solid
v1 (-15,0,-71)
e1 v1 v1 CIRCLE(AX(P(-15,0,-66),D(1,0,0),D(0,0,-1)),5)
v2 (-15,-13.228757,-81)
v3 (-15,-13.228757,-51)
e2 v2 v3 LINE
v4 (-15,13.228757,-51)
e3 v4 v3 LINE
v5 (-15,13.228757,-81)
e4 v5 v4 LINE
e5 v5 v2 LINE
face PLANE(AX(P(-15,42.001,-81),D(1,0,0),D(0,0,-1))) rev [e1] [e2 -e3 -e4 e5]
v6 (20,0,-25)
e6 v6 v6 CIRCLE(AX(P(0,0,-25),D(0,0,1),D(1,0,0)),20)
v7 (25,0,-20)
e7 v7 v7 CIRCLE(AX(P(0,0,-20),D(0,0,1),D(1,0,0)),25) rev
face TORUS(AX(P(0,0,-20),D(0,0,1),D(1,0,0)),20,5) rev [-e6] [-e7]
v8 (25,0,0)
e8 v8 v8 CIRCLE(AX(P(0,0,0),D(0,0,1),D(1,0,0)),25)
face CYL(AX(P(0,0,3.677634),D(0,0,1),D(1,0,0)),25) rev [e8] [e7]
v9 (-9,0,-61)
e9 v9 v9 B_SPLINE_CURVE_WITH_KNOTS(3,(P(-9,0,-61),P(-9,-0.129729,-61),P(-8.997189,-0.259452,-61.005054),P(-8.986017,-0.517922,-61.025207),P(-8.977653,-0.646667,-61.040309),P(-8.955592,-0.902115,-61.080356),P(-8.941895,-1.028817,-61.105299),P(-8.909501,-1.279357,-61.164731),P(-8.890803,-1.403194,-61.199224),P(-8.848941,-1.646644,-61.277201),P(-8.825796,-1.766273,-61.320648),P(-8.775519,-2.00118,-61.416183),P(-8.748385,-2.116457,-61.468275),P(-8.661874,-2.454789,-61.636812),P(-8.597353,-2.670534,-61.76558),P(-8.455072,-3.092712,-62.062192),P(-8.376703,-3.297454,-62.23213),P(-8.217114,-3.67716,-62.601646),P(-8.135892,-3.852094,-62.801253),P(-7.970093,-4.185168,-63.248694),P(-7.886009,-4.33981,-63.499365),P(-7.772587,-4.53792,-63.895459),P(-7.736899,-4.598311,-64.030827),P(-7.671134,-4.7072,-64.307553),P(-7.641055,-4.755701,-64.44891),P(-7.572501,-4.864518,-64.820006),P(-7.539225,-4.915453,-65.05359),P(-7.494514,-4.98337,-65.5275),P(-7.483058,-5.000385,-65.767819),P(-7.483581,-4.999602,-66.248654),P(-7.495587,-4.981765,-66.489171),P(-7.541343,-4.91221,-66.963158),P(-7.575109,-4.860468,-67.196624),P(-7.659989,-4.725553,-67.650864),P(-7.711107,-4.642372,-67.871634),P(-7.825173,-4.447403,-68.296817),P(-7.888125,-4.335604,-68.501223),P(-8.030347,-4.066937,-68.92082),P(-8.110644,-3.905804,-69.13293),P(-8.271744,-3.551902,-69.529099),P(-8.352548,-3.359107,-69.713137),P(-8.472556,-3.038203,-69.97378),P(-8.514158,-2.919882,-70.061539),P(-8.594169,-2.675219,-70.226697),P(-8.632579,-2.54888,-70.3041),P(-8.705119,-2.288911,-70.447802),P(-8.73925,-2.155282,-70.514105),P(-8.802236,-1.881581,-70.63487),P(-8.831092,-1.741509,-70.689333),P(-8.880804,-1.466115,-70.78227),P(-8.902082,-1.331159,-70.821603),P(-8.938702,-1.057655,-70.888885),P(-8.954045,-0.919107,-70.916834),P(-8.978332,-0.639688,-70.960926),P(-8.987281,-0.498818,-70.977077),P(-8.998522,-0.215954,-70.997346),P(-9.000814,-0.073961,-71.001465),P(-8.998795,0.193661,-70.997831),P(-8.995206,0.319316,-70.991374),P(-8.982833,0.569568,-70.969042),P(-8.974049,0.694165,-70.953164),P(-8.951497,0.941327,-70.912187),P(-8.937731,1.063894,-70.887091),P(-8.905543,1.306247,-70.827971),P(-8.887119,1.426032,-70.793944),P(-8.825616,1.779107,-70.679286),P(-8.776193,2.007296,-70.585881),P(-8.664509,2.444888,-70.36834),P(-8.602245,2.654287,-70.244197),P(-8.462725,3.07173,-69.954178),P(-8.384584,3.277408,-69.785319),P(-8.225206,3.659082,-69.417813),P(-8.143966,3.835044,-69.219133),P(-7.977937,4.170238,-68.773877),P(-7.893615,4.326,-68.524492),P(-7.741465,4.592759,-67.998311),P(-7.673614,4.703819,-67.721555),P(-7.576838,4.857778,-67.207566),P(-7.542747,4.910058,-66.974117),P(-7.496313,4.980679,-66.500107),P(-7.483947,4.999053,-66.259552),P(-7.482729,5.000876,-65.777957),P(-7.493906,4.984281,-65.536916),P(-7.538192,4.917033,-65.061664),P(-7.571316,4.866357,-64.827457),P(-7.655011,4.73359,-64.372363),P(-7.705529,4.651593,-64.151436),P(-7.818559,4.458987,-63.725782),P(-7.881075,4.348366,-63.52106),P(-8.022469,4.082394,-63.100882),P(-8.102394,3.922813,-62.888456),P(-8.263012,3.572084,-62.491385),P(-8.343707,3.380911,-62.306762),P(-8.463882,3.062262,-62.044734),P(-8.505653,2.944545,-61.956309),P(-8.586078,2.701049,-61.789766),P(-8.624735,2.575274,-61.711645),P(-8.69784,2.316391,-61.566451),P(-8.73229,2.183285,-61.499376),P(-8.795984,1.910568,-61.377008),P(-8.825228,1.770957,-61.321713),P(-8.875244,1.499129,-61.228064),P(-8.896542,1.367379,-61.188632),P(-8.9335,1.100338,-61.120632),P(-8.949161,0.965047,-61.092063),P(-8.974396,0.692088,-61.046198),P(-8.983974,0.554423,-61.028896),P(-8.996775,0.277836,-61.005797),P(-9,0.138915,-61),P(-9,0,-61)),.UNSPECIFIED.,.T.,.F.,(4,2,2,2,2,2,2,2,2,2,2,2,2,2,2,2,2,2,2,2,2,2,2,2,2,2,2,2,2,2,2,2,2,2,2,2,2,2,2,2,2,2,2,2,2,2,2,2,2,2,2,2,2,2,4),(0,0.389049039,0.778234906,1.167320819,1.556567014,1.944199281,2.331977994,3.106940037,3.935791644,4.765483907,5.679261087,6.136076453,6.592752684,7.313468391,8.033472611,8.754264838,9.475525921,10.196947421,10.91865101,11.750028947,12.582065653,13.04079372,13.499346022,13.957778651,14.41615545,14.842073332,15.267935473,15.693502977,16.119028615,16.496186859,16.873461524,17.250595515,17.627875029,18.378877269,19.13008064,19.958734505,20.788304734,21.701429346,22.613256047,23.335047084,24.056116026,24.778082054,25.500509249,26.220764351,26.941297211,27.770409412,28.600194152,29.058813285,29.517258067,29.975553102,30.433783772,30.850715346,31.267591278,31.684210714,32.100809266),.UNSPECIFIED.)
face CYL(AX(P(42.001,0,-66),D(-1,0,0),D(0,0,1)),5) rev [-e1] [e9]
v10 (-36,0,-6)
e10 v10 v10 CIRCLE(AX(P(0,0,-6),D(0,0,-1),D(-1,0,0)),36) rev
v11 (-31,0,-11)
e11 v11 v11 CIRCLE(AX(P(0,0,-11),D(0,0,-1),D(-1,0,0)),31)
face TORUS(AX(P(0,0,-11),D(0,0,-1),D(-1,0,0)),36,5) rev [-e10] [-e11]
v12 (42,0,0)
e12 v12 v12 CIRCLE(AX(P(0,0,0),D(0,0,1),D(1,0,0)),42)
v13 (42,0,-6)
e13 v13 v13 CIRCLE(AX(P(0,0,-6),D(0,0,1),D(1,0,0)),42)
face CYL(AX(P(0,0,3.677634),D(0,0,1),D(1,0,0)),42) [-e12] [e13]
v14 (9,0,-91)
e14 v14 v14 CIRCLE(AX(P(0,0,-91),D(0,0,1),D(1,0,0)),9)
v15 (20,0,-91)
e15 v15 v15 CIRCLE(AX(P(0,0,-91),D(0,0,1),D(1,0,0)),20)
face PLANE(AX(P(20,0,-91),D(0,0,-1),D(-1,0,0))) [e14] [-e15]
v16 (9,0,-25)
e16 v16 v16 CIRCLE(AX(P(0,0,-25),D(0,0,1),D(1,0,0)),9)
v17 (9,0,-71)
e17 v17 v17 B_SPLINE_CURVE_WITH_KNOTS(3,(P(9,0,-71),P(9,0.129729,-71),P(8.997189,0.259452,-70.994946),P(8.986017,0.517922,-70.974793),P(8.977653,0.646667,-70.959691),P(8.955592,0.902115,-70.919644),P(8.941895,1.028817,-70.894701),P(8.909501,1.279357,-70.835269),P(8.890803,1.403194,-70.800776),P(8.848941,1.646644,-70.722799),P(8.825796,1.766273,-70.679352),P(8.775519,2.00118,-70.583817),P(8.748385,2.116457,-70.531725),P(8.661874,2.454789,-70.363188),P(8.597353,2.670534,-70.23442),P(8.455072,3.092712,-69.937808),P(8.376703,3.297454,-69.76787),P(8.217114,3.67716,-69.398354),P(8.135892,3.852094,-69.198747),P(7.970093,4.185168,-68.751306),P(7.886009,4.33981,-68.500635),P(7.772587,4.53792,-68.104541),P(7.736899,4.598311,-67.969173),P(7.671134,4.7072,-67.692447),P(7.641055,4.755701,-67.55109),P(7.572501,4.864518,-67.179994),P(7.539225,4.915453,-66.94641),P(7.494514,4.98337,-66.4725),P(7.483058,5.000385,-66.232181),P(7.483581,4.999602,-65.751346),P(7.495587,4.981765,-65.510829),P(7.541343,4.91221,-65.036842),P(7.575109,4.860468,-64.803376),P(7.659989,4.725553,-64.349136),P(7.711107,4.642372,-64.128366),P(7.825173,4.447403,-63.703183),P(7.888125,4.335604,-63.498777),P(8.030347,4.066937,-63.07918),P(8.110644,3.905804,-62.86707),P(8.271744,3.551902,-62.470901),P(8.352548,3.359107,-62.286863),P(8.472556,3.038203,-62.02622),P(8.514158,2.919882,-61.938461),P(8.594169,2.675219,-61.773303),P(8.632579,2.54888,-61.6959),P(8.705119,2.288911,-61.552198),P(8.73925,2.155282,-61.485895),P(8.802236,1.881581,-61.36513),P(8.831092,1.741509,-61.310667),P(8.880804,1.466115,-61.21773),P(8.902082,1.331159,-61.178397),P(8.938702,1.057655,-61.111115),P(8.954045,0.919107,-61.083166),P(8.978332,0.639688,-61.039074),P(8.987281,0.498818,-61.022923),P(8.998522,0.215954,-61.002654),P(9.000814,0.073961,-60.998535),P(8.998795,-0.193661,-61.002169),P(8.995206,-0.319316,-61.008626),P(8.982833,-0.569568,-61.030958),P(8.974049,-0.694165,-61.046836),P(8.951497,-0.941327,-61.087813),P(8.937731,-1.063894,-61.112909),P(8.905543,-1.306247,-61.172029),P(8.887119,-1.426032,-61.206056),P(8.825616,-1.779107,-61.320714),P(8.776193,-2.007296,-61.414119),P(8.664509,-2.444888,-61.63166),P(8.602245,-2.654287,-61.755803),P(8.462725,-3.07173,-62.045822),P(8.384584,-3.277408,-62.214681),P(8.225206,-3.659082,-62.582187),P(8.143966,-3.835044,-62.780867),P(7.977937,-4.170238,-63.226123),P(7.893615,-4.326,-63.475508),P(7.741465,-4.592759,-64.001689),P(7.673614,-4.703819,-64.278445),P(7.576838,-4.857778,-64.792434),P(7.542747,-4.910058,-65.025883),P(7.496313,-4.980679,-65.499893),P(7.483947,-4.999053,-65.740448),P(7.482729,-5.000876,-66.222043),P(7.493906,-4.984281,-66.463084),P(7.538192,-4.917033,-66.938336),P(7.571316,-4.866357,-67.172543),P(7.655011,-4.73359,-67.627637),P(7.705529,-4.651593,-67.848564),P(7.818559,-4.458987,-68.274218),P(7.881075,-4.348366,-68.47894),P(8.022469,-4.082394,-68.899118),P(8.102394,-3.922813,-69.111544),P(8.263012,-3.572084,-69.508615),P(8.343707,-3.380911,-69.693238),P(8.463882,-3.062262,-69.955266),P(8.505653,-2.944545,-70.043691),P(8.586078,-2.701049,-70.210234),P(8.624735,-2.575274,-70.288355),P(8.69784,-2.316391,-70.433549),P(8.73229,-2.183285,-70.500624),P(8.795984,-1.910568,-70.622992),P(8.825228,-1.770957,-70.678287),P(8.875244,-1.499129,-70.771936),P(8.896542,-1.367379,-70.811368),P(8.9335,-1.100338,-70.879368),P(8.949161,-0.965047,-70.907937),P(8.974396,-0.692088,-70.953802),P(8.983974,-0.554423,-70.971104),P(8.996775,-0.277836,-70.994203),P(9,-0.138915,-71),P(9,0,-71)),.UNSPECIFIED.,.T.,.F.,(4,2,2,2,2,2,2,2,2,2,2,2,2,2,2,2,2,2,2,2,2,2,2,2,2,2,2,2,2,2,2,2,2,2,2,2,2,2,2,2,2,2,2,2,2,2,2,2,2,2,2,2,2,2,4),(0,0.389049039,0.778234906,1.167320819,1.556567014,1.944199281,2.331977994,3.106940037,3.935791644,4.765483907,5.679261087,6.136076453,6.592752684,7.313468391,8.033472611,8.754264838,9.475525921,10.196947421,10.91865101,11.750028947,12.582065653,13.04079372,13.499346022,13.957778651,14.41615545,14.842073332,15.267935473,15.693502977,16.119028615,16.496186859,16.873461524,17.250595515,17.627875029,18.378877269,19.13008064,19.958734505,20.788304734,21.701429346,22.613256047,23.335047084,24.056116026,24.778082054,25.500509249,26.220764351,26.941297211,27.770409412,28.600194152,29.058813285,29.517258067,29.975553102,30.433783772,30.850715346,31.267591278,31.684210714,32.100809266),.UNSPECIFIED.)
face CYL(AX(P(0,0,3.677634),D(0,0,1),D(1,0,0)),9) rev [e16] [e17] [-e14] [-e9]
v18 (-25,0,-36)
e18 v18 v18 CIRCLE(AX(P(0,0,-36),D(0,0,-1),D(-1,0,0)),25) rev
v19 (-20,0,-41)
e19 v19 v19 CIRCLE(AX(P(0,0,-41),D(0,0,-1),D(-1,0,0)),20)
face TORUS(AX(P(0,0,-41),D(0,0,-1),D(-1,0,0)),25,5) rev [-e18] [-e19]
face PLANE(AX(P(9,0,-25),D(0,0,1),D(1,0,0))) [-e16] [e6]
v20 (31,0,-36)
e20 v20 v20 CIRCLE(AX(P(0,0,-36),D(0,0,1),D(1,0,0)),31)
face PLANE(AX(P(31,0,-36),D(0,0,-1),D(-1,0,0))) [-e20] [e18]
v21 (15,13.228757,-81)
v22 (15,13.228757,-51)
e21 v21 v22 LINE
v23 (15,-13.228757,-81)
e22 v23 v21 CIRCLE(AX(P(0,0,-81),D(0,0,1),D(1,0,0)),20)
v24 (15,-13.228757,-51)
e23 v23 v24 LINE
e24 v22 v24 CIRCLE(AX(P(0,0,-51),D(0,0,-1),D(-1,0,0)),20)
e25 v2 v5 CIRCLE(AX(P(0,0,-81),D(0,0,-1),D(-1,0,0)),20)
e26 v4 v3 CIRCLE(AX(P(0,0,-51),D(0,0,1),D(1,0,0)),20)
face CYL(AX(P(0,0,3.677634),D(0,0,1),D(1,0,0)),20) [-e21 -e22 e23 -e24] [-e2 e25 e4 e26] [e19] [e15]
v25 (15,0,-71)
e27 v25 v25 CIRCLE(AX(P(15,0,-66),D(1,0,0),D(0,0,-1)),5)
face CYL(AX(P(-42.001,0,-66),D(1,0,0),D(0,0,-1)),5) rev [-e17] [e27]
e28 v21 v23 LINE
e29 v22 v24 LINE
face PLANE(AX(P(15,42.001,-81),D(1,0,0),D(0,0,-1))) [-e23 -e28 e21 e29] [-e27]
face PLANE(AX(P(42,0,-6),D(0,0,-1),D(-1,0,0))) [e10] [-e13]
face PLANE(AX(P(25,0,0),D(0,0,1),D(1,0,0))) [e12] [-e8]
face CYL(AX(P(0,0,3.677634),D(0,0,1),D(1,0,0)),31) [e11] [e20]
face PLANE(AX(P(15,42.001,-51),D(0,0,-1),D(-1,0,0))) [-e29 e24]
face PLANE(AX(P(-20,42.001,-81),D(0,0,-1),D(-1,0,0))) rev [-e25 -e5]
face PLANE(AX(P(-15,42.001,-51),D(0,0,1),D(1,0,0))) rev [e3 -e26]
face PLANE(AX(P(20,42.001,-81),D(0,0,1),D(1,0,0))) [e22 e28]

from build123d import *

# Parameters (mm, degrees)
REDONDEO1_R                            = 5
CORTAR_EXTRUIR1_REACH                  = 110.669
CORTAR_EXTRUIR1_END_RADIUS             = 20
CROQUIS2_W                             = 5
CROQUIS2_H                             = 30
CORTAR_EXTRUIR1_DIRECTION_2_REACH      = 110.669
CORTAR_EXTRUIR1_DIRECTION_2_END_RADIUS = 20
CORTAR_EXTRUIR3_REACH                  = 117.3
CORTAR_EXTRUIR3_END_RADIUS             = 9
CROQUIS3_R                             = 5


with BuildPart() as part:
    # Croquis1 → Revolución1 (revolve)
    with BuildSketch(Plane(origin=(0, 0, 0), x_dir=(1, 0, 0), z_dir=(0, 1, 0))):
        Polygon((25, 0), (42, 0), (42, 6), (31, 6), (31, 36), (20, 36), (20, 91), (9, 91), (9, 25), (25, 25), align=None)
    revolve(axis=Axis((0, 0, 3.677633668), (0, 0, -1)))

    # Redondeo1
    redondeo1_edges = [part.edges().sort_by_distance(p)[0] for p in [
        (-25, 0, -25),
        (-20, 0, -36),
        (-31, 0, -6),
    ]]
    fillet(redondeo1_edges, radius=REDONDEO1_R)

    # Cortar-Extruir1: up to this cylinder (the profile starts inside it)
    cortar_extruir1_end = Plane(origin=(0, 0, -66), z_dir=(0, 0, 1)) * Cylinder(CORTAR_EXTRUIR1_END_RADIUS, 262.338, mode=Mode.PRIVATE)
    # Croquis2 → Cortar-Extruir1 (cut, up to the surface)
    with BuildSketch(Plane(origin=(0, 0, 0), x_dir=(1, 0, 0), z_dir=(0, 1, 0)), mode=Mode.PRIVATE) as cortar_extruir1_sk1:
        with Locations((17.5, 66)):
            Rectangle(CROQUIS2_W, CROQUIS2_H)
    cortar_extruir1_tool1 = extrude(cortar_extruir1_sk1.sketch, amount=-CORTAR_EXTRUIR1_REACH, mode=Mode.PRIVATE) & cortar_extruir1_end
    cortar_extruir1 = cortar_extruir1_tool1.solids().sort_by_distance((17.5, 0, -66))[0]
    add(cortar_extruir1, mode=Mode.SUBTRACT)

    # Cortar-Extruir1 direction 2: up to this cylinder (the profile starts inside it)
    cortar_extruir1_direction_2_end = Plane(origin=(0, 0, -66), z_dir=(0, 0, 1)) * Cylinder(CORTAR_EXTRUIR1_DIRECTION_2_END_RADIUS, 262.338, mode=Mode.PRIVATE)
    # Croquis2 → Cortar-Extruir1 direction 2 (cut, up to the surface)
    with BuildSketch(Plane(origin=(0, 0, 0), x_dir=(1, 0, 0), z_dir=(0, 1, 0)), mode=Mode.PRIVATE) as cortar_extruir1_direction_2_sk1:
        with Locations((17.5, 66)):
            Rectangle(CROQUIS2_W, CROQUIS2_H)
    cortar_extruir1_direction_2_tool1 = extrude(cortar_extruir1_direction_2_sk1.sketch, amount=CORTAR_EXTRUIR1_DIRECTION_2_REACH, mode=Mode.PRIVATE) & cortar_extruir1_direction_2_end
    cortar_extruir1_direction_2 = cortar_extruir1_direction_2_tool1.solids().sort_by_distance((17.5, 0, -66))[0]
    add(cortar_extruir1_direction_2, mode=Mode.SUBTRACT)
    cortar_extruir1 = cortar_extruir1 + cortar_extruir1_direction_2  # both directions under the feature's name, for the pattern or mirror that repeats it

    # Cortar-Extruir3: up to this cylinder (the profile starts outside it)
    cortar_extruir3_end = Plane(origin=(0, 0, -66), z_dir=(0, 0, 1)) * Cylinder(CORTAR_EXTRUIR3_END_RADIUS, 253.6, mode=Mode.PRIVATE)
    # Croquis3 → Cortar-Extruir3 (cut, up to the surface)
    with BuildSketch(Plane(origin=(15, 0, 0), x_dir=(0, 0, -1), z_dir=(1, 0, 0)), mode=Mode.PRIVATE) as cortar_extruir3_sk1:
        with Locations((66, 0)):
            Circle(CROQUIS3_R)
    cortar_extruir3_tool1 = extrude(cortar_extruir3_sk1.sketch, amount=-CORTAR_EXTRUIR3_REACH, mode=Mode.PRIVATE) - cortar_extruir3_end
    cortar_extruir3 = cortar_extruir3_tool1.solids().sort_by_distance((15, 0, -66))[0]
    add(cortar_extruir3, mode=Mode.SUBTRACT)

    # Simetría2: Cortar-Extruir1, Cortar-Extruir3 across plane
    add(cortar_extruir1.mirror(Plane(origin=(0, 0, 0), x_dir=(0, 0, 1), z_dir=(1, 0, 0))), mode=Mode.SUBTRACT)
    add(cortar_extruir3.mirror(Plane(origin=(0, 0, 0), x_dir=(0, 0, 1), z_dir=(1, 0, 0))), mode=Mode.SUBTRACT)


solid = part.part
